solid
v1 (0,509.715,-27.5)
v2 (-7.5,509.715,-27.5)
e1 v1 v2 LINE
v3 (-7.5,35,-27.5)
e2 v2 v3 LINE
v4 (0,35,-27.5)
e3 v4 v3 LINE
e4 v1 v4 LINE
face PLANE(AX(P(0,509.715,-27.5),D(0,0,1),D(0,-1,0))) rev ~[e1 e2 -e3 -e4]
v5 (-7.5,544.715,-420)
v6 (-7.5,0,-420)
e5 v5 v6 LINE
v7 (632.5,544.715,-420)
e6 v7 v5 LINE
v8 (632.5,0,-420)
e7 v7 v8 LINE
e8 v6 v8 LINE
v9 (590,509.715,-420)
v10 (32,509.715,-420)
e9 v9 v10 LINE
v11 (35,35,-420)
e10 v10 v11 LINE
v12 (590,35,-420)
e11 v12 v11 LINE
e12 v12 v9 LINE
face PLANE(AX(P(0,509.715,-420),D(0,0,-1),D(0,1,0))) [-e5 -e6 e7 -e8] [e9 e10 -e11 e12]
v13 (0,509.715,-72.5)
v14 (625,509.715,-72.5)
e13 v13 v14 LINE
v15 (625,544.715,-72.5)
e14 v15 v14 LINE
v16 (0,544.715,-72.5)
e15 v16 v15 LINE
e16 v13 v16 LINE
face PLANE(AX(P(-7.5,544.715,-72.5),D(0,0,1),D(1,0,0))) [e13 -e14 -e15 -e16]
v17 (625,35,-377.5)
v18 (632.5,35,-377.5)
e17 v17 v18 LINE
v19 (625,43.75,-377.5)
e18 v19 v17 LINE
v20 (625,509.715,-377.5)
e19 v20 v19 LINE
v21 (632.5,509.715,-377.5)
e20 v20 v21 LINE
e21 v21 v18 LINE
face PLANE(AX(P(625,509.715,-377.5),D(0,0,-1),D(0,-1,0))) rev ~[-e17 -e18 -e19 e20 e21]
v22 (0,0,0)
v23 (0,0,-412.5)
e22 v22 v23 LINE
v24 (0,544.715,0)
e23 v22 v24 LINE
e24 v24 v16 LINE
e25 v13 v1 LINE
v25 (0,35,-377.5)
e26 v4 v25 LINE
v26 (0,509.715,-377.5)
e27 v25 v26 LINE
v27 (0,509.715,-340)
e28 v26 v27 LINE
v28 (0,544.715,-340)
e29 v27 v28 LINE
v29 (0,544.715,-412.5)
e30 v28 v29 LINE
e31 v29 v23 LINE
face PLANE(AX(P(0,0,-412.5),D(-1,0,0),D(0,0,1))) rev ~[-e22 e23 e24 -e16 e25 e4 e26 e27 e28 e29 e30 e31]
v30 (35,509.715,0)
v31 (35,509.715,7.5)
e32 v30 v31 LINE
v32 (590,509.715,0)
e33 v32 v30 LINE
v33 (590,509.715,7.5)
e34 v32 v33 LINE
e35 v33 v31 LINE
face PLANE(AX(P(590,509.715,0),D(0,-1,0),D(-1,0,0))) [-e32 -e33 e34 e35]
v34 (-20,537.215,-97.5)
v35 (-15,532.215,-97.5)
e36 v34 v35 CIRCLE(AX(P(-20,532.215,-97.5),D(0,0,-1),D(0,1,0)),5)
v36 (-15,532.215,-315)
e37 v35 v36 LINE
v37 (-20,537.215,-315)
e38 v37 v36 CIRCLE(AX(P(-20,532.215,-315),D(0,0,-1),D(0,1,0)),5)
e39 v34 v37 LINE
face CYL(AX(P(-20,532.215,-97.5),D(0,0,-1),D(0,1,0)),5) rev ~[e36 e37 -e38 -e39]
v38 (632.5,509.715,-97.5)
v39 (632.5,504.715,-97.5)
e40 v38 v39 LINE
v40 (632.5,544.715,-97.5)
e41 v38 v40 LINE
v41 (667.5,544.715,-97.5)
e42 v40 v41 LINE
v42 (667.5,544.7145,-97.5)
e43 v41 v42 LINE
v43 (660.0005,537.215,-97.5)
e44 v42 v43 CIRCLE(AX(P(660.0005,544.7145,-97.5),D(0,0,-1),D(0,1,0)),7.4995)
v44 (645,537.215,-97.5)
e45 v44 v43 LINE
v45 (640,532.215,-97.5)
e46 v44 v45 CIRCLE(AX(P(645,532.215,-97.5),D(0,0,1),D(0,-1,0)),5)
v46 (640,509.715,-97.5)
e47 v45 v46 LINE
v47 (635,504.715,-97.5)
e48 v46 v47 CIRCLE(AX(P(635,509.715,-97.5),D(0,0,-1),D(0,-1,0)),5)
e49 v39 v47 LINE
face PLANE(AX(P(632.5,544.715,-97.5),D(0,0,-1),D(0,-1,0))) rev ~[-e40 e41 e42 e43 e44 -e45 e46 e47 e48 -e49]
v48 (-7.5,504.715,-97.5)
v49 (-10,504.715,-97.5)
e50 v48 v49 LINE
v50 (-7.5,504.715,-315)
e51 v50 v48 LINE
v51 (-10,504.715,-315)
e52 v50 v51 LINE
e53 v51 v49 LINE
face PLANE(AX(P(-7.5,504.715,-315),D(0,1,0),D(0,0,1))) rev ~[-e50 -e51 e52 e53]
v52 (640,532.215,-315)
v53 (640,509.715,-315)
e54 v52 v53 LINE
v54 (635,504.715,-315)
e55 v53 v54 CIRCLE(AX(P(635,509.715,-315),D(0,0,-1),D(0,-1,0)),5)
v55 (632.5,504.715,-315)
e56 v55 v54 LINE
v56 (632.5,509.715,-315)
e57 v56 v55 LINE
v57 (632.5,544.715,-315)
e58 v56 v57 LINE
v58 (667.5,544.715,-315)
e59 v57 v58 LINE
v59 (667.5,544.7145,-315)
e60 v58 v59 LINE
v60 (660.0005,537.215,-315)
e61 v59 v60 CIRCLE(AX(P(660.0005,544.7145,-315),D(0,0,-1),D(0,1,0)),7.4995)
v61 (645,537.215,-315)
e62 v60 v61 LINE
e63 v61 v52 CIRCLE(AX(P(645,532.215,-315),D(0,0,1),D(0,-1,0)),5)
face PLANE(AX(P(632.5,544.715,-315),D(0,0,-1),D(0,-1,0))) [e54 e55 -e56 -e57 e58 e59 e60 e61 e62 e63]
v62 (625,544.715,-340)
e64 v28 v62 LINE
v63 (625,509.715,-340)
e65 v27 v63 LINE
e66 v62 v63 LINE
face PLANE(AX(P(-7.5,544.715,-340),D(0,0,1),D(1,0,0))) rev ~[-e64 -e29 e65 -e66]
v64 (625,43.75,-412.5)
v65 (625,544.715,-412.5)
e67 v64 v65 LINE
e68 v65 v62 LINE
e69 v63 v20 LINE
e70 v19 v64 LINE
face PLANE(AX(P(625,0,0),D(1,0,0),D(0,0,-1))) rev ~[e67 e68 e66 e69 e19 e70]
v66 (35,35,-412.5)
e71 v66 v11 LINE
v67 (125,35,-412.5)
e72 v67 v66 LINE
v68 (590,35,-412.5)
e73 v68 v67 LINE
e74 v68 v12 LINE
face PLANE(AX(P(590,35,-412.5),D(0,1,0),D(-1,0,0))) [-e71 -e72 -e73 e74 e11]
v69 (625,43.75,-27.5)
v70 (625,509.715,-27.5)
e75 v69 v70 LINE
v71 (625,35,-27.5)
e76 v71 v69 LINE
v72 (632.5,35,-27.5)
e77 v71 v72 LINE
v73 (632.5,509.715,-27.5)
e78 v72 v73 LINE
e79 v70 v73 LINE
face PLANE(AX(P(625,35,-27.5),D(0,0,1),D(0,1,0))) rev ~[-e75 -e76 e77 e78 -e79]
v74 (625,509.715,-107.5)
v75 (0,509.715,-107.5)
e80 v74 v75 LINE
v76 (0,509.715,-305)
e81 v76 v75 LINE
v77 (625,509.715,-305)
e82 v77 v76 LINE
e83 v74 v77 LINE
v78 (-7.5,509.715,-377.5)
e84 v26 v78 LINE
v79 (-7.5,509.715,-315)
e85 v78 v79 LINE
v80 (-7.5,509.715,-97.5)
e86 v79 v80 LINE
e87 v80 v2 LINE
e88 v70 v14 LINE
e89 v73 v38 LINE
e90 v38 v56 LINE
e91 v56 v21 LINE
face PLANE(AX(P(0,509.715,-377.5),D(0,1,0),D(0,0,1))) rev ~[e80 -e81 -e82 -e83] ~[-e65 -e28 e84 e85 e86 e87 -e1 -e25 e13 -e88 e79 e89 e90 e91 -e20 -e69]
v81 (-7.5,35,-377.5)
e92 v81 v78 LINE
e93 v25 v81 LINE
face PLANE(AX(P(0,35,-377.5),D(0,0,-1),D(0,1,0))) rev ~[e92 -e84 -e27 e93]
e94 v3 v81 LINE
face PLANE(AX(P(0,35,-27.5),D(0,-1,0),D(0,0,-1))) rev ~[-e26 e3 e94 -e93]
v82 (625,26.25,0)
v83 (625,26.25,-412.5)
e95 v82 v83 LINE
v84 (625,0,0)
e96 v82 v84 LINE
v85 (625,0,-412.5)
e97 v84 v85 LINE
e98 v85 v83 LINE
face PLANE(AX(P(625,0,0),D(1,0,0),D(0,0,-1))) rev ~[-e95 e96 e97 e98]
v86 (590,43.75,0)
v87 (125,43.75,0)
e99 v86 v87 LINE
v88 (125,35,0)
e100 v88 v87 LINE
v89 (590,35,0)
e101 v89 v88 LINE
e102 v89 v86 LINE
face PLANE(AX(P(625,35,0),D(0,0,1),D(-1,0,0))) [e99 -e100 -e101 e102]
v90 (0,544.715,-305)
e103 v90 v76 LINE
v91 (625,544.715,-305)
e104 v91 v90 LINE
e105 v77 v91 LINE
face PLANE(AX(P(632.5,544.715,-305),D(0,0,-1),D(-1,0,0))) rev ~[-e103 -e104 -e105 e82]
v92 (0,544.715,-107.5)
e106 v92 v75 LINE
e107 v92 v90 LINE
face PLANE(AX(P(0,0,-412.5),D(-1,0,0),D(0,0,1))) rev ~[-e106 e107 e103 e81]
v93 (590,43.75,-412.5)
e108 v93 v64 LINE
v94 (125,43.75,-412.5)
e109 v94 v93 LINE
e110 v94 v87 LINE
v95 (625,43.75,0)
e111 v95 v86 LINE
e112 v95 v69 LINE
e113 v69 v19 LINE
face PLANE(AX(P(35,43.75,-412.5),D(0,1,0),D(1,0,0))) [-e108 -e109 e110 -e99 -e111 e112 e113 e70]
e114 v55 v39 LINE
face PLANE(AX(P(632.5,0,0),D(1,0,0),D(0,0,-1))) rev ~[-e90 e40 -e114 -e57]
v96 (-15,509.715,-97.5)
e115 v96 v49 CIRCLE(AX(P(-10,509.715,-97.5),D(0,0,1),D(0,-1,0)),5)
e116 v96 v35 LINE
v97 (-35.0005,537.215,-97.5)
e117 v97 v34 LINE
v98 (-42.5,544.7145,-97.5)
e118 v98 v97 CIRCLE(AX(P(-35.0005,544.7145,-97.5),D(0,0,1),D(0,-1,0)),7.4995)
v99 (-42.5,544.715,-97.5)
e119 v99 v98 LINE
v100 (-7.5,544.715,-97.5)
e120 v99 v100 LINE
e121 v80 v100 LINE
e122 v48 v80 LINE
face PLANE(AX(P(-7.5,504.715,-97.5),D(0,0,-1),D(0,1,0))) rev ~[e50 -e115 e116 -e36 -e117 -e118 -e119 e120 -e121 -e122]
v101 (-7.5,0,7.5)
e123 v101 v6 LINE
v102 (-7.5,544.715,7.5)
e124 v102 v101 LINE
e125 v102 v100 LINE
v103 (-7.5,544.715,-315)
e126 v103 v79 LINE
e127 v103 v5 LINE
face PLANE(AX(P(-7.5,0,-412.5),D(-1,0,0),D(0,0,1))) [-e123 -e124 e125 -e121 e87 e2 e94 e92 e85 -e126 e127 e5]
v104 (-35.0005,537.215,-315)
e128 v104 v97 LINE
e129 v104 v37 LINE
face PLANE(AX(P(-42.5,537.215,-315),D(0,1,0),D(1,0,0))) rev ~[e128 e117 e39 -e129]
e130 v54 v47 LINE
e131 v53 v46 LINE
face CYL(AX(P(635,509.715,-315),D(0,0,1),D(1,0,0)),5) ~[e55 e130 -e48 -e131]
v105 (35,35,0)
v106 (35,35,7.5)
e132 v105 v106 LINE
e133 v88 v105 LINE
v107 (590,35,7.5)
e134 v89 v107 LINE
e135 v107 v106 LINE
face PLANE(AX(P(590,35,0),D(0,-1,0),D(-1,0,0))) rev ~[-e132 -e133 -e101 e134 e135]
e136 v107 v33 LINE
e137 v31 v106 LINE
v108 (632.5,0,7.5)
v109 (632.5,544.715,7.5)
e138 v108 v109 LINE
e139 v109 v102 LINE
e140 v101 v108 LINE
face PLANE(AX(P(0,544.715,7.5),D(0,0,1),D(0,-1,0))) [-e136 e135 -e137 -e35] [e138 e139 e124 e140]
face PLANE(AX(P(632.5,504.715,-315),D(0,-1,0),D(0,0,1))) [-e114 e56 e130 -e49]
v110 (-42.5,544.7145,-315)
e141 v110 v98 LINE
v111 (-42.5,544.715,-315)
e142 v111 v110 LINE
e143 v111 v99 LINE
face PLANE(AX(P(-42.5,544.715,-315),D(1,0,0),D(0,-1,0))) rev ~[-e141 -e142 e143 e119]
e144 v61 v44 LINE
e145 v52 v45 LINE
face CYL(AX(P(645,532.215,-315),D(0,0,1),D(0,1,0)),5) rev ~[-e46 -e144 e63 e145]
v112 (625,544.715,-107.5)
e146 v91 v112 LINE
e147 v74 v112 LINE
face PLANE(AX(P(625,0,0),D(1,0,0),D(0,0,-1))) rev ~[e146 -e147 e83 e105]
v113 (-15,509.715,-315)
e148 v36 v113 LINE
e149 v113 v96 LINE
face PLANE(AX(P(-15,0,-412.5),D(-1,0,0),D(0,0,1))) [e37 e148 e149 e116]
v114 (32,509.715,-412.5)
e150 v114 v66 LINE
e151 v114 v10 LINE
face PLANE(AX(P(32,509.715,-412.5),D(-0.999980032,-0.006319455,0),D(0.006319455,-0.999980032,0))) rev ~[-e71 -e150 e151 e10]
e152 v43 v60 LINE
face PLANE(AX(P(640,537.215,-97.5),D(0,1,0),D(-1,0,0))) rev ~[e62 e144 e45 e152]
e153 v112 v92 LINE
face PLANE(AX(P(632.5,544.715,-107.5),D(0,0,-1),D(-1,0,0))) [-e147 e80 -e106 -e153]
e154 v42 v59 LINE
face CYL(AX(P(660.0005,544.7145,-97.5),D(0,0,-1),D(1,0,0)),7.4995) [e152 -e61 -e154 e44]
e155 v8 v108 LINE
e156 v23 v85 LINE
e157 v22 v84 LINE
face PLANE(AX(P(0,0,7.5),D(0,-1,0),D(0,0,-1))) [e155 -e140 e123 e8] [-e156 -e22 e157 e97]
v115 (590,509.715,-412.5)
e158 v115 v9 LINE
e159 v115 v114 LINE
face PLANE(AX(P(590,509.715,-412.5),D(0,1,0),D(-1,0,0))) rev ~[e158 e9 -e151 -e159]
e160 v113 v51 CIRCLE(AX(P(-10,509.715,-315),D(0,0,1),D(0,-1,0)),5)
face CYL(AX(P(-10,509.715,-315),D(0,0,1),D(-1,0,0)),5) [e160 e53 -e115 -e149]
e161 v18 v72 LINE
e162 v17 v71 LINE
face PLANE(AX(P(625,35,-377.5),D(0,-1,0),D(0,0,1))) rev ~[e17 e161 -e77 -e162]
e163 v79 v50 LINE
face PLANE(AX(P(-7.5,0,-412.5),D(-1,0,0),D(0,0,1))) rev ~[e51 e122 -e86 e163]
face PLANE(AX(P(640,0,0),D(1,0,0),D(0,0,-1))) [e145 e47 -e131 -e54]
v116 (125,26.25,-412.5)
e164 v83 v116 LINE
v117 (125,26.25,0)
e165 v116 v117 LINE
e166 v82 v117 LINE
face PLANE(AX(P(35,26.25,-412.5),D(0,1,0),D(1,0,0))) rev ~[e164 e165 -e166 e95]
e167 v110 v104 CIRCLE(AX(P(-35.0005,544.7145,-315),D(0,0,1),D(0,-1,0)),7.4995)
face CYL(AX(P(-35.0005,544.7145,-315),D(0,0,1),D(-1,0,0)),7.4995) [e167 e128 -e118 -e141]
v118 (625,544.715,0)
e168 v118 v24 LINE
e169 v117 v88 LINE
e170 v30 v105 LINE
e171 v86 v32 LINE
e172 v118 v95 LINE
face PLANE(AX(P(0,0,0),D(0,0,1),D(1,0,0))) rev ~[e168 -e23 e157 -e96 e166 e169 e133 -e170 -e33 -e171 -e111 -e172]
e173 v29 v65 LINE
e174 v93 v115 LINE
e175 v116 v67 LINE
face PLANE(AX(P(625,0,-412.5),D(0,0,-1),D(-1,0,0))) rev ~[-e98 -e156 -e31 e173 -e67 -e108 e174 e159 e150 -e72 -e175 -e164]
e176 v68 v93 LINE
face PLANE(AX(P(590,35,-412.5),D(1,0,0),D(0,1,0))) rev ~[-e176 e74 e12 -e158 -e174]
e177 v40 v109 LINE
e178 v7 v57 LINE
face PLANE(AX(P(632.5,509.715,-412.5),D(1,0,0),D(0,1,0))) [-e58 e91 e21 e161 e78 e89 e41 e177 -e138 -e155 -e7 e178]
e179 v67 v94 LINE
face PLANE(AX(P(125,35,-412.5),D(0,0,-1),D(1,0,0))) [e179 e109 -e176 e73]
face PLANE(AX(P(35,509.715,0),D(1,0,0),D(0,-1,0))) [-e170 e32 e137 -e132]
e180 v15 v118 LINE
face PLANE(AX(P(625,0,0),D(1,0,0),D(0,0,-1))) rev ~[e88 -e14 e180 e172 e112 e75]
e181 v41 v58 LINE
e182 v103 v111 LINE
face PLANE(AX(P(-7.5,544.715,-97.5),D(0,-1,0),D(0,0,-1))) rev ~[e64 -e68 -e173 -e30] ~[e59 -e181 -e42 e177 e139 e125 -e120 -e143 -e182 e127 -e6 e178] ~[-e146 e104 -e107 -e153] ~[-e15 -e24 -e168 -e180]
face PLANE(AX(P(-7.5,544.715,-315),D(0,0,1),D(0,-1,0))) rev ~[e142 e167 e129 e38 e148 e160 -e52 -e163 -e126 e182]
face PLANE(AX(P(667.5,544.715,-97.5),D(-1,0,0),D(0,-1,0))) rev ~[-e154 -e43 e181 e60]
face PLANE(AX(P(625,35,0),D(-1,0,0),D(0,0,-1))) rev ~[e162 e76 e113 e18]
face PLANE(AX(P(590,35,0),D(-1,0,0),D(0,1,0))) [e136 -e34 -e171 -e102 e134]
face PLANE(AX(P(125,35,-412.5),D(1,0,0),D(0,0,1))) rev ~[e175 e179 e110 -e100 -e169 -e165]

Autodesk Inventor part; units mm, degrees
ref_plane "YZ Plane" through (0, 0, 0) normal (1, 0, 0) x (0, 1, 0)
ref_plane "XZ Plane" through (0, 0, 0) normal (0, 1, 0) x (-1, 0, 0)
ref_plane "XY Plane" through (0, 0, 0) normal (0, 0, 1) x (1, 0, 0)
sketch "Boceto1" plane through (0, 0, 0) normal (0, 0, 1) x (1, 0, 0)
  line L0 (0, 0) -> (0, 544.715)
  line L1 (0, 544.715) -> (35, 544.715)
  line L2 (35, 509.715) -> (35, 0)
  line L3 (35, 0) -> (0, 0)
  line L4 (35, 544.715) -> (625, 544.715)
  line L5 (625, 544.715) -> (625, 509.715)
  line L6 (625, 509.715) -> (35, 509.715)
  line L7 (625, 509.715) -> (625, 0)
  line L8 (590, 0) -> (590, 509.715)
  line L9 (590, 0) -> (625, 0)
  line L10 (590, 0) -> (625, 0)
  line L11 (590, 509.715) -> (590, 0)
  line L12 (35, 0) -> (590, 0)
  line L13 (590, 0) -> (590, 35)
  line L14 (590, 35) -> (35, 35)
  line L15 (35, 544.715) -> (35, 509.715)
  line L16 (590, 509.715) -> (590, 544.715)
  dimension "d0" = 544.715
  dimension "d1" = 35
  dimension "d2" = 590
  dimension "d3" = 35
  dimension "d4" = 35
  dimension "d5" = 35
extrude "Extrusión1" add sketch "Boceto1" along normal blind 7.5 contours L0 L1 L15 L2 L3 | L2 L14 L8 L12 | L4 L16 L6 L15 | L8 L6 L7 L9 | L4 L5 L6 L16
ref_plane "Plano de trabajo1" through (0, 0, -617.5) normal (0, 0, -1) x (-1, 0, 0)
sketch "Boceto6" plane through (625, 0, 0) normal (1, 0, 0) x (0, 0, -1)
  line L0 (0, 0) -> (-7.5, 0) projected
  line L1 (-7.5, 0) -> (412.5, 0)
  line L2 (412.5, 0) -> (412.5, 544.715)
  line L3 (-7.5, 544.715) -> (-7.5, 0) projected
  line L4 (412.5, 544.715) -> (-7.5, 544.715)
  line L5 (-7.5, 544.715) -> (-7.5, 0)
  line L6 (-7.5, 544.715) -> (-7.5, 509.715)
  line L7 (-7.5, 509.715) -> (377.5, 509.715)
  line L8 (377.5, 509.715) -> (377.5, 35)
  line L9 (377.5, 35) -> (27.5, 35)
  line L10 (27.5, 35) -> (27.5, 509.715)
  dimension "d28" = 420
  dimension "d29" = 544.715
  dimension "d30" = 35
  dimension "d31" = 385
  dimension "d32" = 474.715
  dimension "d33" = 350
extrude "Extrusión5" add sketch "Boceto6" along normal blind 7.5
sketch "Boceto7" plane through (625, 0, -412.5) normal (0, 0, -1) x (-1, 0, 0)
  line L0 (625, 544.715) -> (-7.5, 544.715) projected
  line L1 (-7.5, 544.715) -> (625, 544.715)
  line L2 (625, 544.715) -> (625, 0)
  line L3 (625, 0) -> (-7.5, 0) projected
  line L4 (625, 0) -> (-7.5, 0)
  line L5 (-7.5, 0) -> (-7.5, 544.715) projected
  line L6 (-7.5, 544.715) -> (-7.5, 0)
  line L7 (-7.5, 544.715) -> (-7.5, 509.715)
  line L8 (35, 509.715) -> (593, 509.715)
  line L9 (35, 35) -> (590, 35) projected
  line L10 (593, 509.715) -> (590, 35)
  line L11 (590, 35) -> (35, 35)
  line L12 (35, 35) -> (35, 509.715)
  dimension "d36" = 35
  dimension "d37" = 600.5
extrude "Extrusión6" add sketch "Boceto7" along normal blind 7.5
sketch "Boceto8" plane through (0, 0, -412.5) normal (-1, 0, 0) x (0, 0, 1)
  line L0 (420, 544.715) -> (-7.5, 544.715) projected
  line L1 (-7.5, 544.715) -> (420, 544.715)
  line L2 (420, 544.715) -> (420, 0) projected
  line L3 (420, 544.715) -> (420, 0)
  line L4 (420, 0) -> (-7.5, 0)
  line L5 (412.5, 0) -> (0, 0) projected
  line L6 (-7.5, 0) -> (-7.5, 544.715)
  line L7 (-7.5, 35) -> (-7.5, 509.715) projected
  line L8 (-7.5, 544.715) -> (-7.5, 509.715)
  line L9 (385, 509.715) -> (385, 35) projected
  line L10 (35, 509.715) -> (385, 509.715)
  line L11 (385, 509.715) -> (385, 35)
  line L12 (35, 35) -> (35, 509.715) projected
  line L13 (385, 35) -> (35, 35)
  line L14 (35, 35) -> (35, 509.715)
  point P0 (144.8076, 0)
  point P1 (0, 415.0504)
  dimension "d40" = 35
extrude "Extrusión7" add sketch "Boceto8" along normal blind 7.5
sketch "Boceto9" plane through (632.5, 544.715, 7.5) normal (0, 1, 0) x (1, 0, 0)
  line L0 (-640, 0) -> (0, 0) projected
  line L1 (-640, 0) -> (-640, 80)
  line L2 (-640, 0) -> (-640, 427.5) projected
  line L3 (-640, 80) -> (0, 80)
  line L4 (0, 80) -> (0, 115)
  line L5 (0, 115) -> (-640, 115)
  line L6 (-640, 115) -> (-640, 80)
  line L7 (0, 427.5) -> (-640, 427.5) projected
  line L8 (-640, 427.5) -> (-640, 347.5)
  line L9 (-640, 347.5) -> (0, 347.5)
  line L10 (0, 347.5) -> (0, 312.5)
  line L11 (0, 35) -> (0, 385) projected
  line L12 (0, 312.5) -> (-640, 312.5)
  line L13 (-640, 312.5) -> (-640, 347.5)
  point P0 (-632.5, 7.5)
  dimension "d43" = 80
  dimension "d44" = 640
  dimension "d45" = 35
  dimension "d46" = 640
  dimension "d47" = 80
  dimension "d48" = 640
  dimension "d49" = 35
  dimension "d50" = 640
extrude "Extrusión8" add sketch "Boceto9" against normal blind 35 contours L2 L5 L4 L3 | L2 L9 L10 L12
sketch "Boceto10" plane through (632.5, 0, 0) normal (1, 0, 0) x (0, 0, -1)
  line L0 (-7.5, 544.715) -> (-7.5, 0) projected
  line L1 (412.5, 544.715) -> (-7.5, 544.715) projected
  line L2 (-7.5, 544.715) -> (107.5, 544.715)
  line L3 (107.5, 544.715) -> (97.5, 544.715)
  line L4 (-7.5, 544.715) -> (420, 544.715) projected
  line L5 (97.5, 544.715) -> (97.5, 504.715)
  line L6 (420, 544.715) -> (420, 0) projected
  line L7 (420, 544.715) -> (315, 544.715)
  line L8 (315, 544.715) -> (315, 504.715)
  line L9 (315, 504.715) -> (97.5, 504.715)
  line L10 (97.5, 544.715) -> (315, 544.715)
  point P0 (0, 0)
  point P1 (305, 544.715)
  dimension "d53" = 115
  dimension "d54" = 10
  dimension "d55" = 40
  dimension "d56" = 105
extrude "Extrusión9" add sketch "Boceto10" along normal blind 7.5
sketch "Boceto11" plane through (632.5, 504.715, -97.5) normal (0, 0, 1) x (1, 0, 0)
  line L0 (0, 40) -> (7.5, 40) projected
  line L1 (7.5, 40) -> (7.5, 32.5)
  line L2 (7.5, 40) -> (7.5, 0) projected
  line L3 (7.5, 0) -> (7.5, 40)
  line L4 (0, 40) -> (35, 40)
  line L5 (35, 40) -> (35, 32.5)
  line L6 (35, 32.5) -> (7.5, 32.5)
  line L7 (7.5, 32.5) -> (0, 32.5)
  line L8 (0, 5) -> (0, 40) projected
  line L9 (0, 32.5) -> (0, 40)
  point P0 (-632.5, -504.715)
  dimension "d59" = 7.5
  dimension "d64" = 35
extrude "Extrusión10" add sketch "Boceto11" against normal blind 217.5
fillet "Empalme1" radius 7.5 1 edges at (667.5, 537.215, -206.25)
fillet "Empalme2" radius 5 1 edges at (640, 537.215, -206.25)
fillet "Empalme3" radius 5 1 edges at (640, 504.715, -206.25)
sketch "Boceto14" plane through (-7.5, 0, -412.5) normal (-1, 0, 0) x (0, 0, 1)
  line L0 (-7.5, 544.715) -> (-7.5, 0) projected
  line L1 (97.5, 544.715) -> (-7.5, 544.715) projected
  line L2 (-7.5, 544.715) -> (97.5, 544.715)
  line L3 (97.5, 544.715) -> (97.5, 504.715)
  line L4 (97.5, 504.715) -> (315, 504.715)
  line L5 (315, 504.715) -> (315, 544.715)
  line L6 (315, 544.715) -> (97.5, 544.715)
  point P0 (412.5, 0)
  point P1 (0, 544.715)
  dimension "d76" = 105
  dimension "d77" = 40
  dimension "d78" = 217.5
extrude "Extrusión11" add sketch "Boceto14" along normal blind 7.5
sketch "Boceto15" plane through (-7.5, 504.715, -315) normal (0, 0, -1) x (-1, 0, 0)
  line L0 (0, 40) -> (0, 5) projected
  line L1 (0, 40) -> (35, 40)
  line L2 (35, 40) -> (35, 32.5)
  line L3 (35, 32.5) -> (0, 32.5)
  point P0 (-7.5, -504.715)
  dimension "d81" = 35
  dimension "d82" = 7.5
extrude "Extrusión12" add sketch "Boceto15" against normal blind 217.5
fillet "Empalme4" radius 7.5 1 edges at (-42.5, 537.215, -206.25)
fillet "Empalme5" radius 5 1 edges at (-15, 537.215, -206.25)
fillet "Empalme6" radius 5 1 edges at (-15, 504.715, -206.25)
sketch "Boceto18" plane through (35, 35, -412.5) normal (0, 1, 0) x (1, 0, 0)
  line L0 (-35, 0) -> (590, 0) projected
  line L1 (590, 0) -> (550, 0)
  line L2 (550, 0) -> (490, 0)
  line L3 (490, 0) -> (90, 0)
  line L4 (90, 0) -> (90, -412.5)
  line L5 (590, -412.5) -> (-35, -412.5) projected
  line L6 (90, -412.5) -> (590, -412.5)
  line L7 (590, -412.5) -> (590, 0) projected
  line L8 (590, -412.5) -> (590, 0)
  line L9 (590, 0) -> (90, 0)
  point P0 (590, -144.8076)
  dimension "d90" = 40
  dimension "d91" = 60
  dimension "d92" = 400
extrude "Extrusión13" add sketch "Boceto18" along normal mid plane 17.5
properties part number "mesa" material "Hierro, fundido"
